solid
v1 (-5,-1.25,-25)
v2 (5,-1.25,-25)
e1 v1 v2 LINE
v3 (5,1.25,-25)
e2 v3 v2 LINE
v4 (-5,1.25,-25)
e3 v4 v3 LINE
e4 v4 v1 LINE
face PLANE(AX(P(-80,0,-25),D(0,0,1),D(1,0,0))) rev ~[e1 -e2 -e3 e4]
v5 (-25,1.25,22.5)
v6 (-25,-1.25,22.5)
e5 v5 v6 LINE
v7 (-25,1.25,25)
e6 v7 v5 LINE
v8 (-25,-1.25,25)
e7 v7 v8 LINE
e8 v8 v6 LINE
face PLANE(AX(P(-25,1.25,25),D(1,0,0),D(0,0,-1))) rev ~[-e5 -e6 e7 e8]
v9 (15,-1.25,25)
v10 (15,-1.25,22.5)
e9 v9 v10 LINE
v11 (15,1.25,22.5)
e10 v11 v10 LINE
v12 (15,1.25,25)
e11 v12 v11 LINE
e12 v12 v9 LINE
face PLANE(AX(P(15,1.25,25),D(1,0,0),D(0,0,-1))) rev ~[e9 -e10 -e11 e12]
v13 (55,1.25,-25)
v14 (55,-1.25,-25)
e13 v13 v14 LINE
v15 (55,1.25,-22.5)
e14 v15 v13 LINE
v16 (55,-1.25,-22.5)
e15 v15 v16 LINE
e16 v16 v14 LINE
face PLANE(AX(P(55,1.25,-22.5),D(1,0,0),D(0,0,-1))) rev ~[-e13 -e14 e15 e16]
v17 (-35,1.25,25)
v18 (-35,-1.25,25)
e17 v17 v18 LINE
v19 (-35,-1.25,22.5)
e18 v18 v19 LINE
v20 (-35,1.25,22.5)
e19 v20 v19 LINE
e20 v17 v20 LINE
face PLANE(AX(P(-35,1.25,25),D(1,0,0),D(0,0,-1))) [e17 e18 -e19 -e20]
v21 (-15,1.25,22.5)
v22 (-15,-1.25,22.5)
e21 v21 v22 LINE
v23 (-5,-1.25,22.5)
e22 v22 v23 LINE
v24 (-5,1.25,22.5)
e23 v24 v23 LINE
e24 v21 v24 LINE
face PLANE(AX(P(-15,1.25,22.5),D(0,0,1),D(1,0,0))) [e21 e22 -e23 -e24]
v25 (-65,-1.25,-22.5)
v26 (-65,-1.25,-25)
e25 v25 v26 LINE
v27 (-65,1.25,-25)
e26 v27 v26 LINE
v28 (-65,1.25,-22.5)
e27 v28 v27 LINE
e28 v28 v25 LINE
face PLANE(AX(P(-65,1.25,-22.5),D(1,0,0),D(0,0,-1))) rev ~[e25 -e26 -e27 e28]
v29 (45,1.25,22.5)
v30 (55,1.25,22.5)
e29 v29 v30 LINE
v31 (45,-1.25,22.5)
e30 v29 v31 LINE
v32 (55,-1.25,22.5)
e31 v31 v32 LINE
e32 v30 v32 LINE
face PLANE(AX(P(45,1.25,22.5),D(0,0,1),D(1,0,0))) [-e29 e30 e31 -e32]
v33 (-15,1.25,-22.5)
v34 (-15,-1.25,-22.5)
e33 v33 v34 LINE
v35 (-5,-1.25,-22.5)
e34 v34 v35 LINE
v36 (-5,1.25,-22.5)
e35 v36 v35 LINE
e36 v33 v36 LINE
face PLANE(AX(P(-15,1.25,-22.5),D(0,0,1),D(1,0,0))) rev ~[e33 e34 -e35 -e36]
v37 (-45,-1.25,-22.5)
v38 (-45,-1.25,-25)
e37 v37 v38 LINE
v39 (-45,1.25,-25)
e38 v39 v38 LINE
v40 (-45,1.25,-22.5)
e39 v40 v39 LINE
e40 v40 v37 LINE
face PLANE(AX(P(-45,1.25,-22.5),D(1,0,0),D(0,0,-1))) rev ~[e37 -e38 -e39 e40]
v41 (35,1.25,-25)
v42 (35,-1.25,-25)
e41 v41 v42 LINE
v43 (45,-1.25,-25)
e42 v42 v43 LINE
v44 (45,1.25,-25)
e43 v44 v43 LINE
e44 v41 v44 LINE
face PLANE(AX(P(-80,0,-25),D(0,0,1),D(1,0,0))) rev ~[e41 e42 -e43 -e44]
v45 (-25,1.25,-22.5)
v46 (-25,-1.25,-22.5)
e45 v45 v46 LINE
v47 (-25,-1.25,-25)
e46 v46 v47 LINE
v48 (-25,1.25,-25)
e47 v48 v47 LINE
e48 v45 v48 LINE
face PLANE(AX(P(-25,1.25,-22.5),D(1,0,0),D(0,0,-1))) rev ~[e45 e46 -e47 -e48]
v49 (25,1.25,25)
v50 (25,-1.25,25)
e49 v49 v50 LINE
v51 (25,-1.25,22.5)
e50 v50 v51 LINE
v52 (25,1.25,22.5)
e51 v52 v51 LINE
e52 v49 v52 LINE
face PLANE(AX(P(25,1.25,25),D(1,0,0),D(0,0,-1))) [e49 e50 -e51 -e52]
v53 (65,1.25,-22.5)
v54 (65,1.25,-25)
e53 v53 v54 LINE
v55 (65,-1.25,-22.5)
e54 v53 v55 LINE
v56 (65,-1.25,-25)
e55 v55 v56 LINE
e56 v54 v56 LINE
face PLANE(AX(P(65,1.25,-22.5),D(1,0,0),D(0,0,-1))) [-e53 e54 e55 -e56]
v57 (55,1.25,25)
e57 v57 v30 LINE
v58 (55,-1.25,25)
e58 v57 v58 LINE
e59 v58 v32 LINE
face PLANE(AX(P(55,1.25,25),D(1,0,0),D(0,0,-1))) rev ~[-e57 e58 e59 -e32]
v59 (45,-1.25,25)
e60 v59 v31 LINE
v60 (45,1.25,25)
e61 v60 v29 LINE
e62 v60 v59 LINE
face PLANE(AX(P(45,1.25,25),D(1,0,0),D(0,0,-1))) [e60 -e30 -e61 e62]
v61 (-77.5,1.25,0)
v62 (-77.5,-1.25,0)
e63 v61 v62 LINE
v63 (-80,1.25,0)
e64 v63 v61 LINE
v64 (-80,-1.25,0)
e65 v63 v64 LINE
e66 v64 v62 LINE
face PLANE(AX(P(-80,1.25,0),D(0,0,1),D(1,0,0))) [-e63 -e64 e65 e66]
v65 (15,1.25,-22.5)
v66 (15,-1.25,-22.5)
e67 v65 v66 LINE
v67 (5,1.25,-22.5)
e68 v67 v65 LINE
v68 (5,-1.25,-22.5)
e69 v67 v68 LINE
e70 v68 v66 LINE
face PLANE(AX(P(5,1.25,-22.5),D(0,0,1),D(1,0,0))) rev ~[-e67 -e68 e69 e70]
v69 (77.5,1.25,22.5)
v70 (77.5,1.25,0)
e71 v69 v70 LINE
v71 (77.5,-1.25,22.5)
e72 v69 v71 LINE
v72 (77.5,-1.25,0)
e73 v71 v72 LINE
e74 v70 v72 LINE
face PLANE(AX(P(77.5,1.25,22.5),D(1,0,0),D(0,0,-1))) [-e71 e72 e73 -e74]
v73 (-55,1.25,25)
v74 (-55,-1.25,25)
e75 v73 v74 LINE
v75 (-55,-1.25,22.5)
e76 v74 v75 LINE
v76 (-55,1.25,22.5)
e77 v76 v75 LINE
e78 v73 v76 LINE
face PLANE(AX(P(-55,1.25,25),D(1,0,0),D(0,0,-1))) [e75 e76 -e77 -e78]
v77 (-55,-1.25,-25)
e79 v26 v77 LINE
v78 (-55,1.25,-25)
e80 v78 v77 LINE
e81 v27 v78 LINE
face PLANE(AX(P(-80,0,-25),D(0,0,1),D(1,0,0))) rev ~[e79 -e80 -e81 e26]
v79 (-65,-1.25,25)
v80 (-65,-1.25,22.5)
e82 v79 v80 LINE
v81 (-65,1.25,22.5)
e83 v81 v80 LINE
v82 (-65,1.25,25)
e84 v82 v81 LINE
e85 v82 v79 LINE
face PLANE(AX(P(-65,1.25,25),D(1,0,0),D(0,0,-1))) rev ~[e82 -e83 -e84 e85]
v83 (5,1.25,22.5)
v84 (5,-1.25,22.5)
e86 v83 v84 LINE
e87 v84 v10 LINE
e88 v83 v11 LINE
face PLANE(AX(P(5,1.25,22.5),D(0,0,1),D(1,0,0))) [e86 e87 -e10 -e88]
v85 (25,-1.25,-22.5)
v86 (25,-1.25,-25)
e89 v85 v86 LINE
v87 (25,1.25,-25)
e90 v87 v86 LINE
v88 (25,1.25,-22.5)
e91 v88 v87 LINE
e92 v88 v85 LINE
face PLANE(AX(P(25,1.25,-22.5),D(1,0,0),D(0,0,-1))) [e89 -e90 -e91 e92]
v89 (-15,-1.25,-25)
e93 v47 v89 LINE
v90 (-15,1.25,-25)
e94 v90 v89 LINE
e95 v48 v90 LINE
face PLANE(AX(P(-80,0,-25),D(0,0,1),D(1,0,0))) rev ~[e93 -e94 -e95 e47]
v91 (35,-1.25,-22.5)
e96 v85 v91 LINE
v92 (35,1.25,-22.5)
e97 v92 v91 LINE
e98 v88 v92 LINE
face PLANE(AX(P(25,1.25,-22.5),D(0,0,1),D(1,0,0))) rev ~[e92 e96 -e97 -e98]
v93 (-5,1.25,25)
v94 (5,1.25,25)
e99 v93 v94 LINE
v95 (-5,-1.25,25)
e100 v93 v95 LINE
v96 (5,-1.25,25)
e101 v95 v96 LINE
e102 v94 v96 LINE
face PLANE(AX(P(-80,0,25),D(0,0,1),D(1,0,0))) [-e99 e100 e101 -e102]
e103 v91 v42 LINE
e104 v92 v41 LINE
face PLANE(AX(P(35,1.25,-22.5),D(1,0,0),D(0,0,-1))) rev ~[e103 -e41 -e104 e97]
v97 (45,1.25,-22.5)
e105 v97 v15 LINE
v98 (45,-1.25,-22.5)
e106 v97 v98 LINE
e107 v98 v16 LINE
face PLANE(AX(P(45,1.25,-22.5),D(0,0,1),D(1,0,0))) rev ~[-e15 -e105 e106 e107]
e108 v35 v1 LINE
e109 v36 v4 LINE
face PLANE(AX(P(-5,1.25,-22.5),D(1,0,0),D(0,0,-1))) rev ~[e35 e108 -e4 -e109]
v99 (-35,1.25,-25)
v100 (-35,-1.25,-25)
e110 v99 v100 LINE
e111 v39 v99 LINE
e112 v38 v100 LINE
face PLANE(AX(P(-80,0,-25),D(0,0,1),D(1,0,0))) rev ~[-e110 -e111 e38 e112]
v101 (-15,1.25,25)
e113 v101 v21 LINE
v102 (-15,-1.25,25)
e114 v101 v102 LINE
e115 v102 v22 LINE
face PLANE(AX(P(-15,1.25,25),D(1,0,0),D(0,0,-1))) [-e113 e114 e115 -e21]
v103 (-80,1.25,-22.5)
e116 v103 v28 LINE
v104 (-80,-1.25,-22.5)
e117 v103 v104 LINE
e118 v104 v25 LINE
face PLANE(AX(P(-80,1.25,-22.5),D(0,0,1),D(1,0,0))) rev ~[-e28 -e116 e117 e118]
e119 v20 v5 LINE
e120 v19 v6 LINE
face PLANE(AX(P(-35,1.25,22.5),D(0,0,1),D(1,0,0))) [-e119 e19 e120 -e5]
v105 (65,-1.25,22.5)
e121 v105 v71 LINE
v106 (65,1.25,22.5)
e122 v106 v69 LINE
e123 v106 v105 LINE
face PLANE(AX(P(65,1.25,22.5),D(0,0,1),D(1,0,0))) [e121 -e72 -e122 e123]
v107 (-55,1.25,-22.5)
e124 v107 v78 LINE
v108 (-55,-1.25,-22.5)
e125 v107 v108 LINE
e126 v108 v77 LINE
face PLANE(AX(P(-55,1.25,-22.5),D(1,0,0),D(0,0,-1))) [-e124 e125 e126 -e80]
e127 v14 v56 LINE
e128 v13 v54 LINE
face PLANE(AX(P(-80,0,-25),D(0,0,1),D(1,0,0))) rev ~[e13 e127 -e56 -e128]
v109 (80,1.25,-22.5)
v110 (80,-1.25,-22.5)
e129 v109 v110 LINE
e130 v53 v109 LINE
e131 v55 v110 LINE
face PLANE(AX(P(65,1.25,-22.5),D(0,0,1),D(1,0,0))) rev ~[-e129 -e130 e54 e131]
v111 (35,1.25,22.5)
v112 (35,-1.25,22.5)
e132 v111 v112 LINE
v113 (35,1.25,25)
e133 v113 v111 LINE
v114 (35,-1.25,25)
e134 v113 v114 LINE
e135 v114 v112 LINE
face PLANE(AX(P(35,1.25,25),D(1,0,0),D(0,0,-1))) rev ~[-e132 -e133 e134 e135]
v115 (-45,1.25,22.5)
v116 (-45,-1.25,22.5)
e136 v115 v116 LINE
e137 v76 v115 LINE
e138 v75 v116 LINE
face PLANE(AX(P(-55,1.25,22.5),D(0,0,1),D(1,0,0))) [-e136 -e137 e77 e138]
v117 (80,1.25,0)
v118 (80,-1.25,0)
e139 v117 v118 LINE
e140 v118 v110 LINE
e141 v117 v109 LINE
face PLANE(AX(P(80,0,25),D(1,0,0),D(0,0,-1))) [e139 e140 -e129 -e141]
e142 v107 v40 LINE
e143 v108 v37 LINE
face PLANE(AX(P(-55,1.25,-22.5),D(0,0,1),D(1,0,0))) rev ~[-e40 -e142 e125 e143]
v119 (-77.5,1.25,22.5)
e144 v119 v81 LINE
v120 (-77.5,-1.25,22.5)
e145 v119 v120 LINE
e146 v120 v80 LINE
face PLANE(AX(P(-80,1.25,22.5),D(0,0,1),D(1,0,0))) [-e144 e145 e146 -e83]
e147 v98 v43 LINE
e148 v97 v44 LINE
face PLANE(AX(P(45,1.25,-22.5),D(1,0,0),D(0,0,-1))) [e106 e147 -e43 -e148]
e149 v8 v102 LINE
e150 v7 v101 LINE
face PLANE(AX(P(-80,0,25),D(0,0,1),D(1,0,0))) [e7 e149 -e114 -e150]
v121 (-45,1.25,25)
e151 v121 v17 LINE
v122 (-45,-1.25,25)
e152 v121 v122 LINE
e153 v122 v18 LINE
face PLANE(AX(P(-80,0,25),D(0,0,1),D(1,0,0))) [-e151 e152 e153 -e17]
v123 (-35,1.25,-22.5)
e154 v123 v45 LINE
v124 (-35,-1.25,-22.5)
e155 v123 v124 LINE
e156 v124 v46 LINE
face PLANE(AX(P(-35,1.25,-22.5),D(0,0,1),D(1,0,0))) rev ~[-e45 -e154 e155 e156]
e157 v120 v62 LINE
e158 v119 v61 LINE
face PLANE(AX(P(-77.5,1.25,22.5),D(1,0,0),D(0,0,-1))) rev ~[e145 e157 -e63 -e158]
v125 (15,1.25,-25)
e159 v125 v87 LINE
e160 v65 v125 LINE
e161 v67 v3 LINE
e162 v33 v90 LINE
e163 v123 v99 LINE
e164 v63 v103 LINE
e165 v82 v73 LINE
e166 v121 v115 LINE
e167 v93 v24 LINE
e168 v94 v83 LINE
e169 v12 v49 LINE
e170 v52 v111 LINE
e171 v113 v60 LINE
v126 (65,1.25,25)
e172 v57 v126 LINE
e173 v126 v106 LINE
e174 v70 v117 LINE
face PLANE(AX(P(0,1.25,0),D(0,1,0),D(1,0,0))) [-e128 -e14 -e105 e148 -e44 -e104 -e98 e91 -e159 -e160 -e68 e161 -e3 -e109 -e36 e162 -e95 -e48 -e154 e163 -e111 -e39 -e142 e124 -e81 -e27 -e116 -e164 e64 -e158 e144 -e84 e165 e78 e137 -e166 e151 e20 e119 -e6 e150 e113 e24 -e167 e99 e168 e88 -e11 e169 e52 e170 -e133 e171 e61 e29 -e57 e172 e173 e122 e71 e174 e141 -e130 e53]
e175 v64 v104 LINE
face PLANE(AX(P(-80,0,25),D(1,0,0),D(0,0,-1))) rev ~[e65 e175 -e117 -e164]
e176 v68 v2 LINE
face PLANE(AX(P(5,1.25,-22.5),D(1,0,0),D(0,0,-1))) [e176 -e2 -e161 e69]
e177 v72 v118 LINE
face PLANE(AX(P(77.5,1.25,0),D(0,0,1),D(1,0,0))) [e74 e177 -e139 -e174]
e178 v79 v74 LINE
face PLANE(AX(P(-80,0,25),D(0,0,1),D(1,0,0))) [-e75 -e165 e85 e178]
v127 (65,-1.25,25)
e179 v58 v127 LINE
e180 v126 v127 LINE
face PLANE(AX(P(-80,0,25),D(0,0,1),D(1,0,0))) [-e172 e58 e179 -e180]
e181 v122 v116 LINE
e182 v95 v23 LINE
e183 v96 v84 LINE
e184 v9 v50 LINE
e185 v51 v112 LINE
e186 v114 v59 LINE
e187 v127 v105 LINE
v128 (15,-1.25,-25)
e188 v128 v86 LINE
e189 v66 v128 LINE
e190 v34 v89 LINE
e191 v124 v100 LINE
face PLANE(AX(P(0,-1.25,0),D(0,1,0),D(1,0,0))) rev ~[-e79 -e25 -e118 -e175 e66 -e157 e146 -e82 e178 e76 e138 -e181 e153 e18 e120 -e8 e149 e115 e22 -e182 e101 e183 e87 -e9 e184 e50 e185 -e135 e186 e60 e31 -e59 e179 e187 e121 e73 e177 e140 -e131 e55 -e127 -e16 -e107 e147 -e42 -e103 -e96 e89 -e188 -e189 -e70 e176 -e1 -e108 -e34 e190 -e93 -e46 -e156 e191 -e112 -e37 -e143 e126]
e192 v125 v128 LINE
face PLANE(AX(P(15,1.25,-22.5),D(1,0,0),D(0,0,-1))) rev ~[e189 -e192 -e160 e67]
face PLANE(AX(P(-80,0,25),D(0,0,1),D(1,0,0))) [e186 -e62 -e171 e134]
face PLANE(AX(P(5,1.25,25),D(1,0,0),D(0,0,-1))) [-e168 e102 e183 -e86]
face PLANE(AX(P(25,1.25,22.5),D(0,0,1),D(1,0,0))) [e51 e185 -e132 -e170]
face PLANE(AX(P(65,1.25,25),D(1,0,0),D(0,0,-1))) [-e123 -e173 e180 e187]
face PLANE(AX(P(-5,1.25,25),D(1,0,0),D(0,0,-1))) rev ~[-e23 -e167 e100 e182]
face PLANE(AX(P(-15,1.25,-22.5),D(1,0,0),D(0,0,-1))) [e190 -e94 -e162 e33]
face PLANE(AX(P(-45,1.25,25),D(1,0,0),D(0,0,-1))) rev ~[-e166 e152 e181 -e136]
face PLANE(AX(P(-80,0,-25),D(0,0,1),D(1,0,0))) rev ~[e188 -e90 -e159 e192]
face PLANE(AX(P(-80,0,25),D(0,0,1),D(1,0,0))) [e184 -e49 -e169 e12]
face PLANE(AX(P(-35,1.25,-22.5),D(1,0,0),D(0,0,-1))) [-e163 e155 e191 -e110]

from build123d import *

# Parameters (mm, degrees)
SKETCH1_W           = 160
SKETCH1_H           = 50
BOSS_EXTRUDE1_DEPTH = 1.25
SKETCH2_W           = 10
SKETCH2_H           = 2.5
SKETCH2_W_2         = 15
CUT_EXTRUDE1_DEPTH  = 4
SKETCH3_W           = 2.5
SKETCH3_H           = 22.5
CUT_EXTRUDE2_DEPTH  = 84.852549156


with BuildPart() as part:
    # Sketch1 → Boss-Extrude1 (new, symmetric)
    with BuildSketch(Plane(origin=(0, 0, 0), x_dir=(1, 0, 0), z_dir=(0, 1, 0))):
        Rectangle(SKETCH1_W, SKETCH1_H)
    extrude(amount=BOSS_EXTRUDE1_DEPTH, both=True)

    # Sketch2 → Cut-Extrude1 (cut)
    with BuildSketch(Plane(origin=(0, 1.25, 0), x_dir=(1, 0, 0), z_dir=(0, 1, 0))):
        with Locations((30, 23.75)):
            Rectangle(SKETCH2_W, SKETCH2_H)
        with Locations((10, 23.75)):
            Rectangle(SKETCH2_W, SKETCH2_H)
        with Locations((10, -23.75)):
            Rectangle(SKETCH2_W, SKETCH2_H)
        with Locations((30, -23.75)):
            Rectangle(SKETCH2_W, SKETCH2_H)
        with Locations((50, 23.75)):
            Rectangle(SKETCH2_W, SKETCH2_H)
        with Locations((50, -23.75)):
            Rectangle(SKETCH2_W, SKETCH2_H)
        with Locations((-10, 23.75)):
            Rectangle(SKETCH2_W, SKETCH2_H)
        with Locations((-10, -23.75)):
            Rectangle(SKETCH2_W, SKETCH2_H)
        with Locations((-30, 23.75)):
            Rectangle(SKETCH2_W, SKETCH2_H)
        with Locations((-30, -23.75)):
            Rectangle(SKETCH2_W, SKETCH2_H)
        with Locations((-50, 23.75)):
            Rectangle(SKETCH2_W, SKETCH2_H)
        with Locations((-50, -23.75)):
            Rectangle(SKETCH2_W, SKETCH2_H)
        with Locations((72.5, 23.75)):
            Rectangle(SKETCH2_W_2, SKETCH2_H)
        with Locations((72.5, -23.75)):
            Rectangle(SKETCH2_W_2, SKETCH2_H)
        with Locations((-72.5, 23.75)):
            Rectangle(SKETCH2_W_2, SKETCH2_H)
        with Locations((-72.5, -23.75)):
            Rectangle(SKETCH2_W_2, SKETCH2_H)
    extrude(amount=-CUT_EXTRUDE1_DEPTH, mode=Mode.SUBTRACT)

    # Sketch3 → Cut-Extrude2 (cut, through all)
    with BuildSketch(Plane(origin=(0, 1.25, 0), x_dir=(1, 0, 0), z_dir=(0, 1, 0))):
        with Locations((78.75, -11.25)):
            Rectangle(SKETCH3_W, SKETCH3_H)
        with Locations((-78.75, -11.25)):
            Rectangle(SKETCH3_W, SKETCH3_H)
    extrude(amount=-CUT_EXTRUDE2_DEPTH, mode=Mode.SUBTRACT)


solid = part.part
